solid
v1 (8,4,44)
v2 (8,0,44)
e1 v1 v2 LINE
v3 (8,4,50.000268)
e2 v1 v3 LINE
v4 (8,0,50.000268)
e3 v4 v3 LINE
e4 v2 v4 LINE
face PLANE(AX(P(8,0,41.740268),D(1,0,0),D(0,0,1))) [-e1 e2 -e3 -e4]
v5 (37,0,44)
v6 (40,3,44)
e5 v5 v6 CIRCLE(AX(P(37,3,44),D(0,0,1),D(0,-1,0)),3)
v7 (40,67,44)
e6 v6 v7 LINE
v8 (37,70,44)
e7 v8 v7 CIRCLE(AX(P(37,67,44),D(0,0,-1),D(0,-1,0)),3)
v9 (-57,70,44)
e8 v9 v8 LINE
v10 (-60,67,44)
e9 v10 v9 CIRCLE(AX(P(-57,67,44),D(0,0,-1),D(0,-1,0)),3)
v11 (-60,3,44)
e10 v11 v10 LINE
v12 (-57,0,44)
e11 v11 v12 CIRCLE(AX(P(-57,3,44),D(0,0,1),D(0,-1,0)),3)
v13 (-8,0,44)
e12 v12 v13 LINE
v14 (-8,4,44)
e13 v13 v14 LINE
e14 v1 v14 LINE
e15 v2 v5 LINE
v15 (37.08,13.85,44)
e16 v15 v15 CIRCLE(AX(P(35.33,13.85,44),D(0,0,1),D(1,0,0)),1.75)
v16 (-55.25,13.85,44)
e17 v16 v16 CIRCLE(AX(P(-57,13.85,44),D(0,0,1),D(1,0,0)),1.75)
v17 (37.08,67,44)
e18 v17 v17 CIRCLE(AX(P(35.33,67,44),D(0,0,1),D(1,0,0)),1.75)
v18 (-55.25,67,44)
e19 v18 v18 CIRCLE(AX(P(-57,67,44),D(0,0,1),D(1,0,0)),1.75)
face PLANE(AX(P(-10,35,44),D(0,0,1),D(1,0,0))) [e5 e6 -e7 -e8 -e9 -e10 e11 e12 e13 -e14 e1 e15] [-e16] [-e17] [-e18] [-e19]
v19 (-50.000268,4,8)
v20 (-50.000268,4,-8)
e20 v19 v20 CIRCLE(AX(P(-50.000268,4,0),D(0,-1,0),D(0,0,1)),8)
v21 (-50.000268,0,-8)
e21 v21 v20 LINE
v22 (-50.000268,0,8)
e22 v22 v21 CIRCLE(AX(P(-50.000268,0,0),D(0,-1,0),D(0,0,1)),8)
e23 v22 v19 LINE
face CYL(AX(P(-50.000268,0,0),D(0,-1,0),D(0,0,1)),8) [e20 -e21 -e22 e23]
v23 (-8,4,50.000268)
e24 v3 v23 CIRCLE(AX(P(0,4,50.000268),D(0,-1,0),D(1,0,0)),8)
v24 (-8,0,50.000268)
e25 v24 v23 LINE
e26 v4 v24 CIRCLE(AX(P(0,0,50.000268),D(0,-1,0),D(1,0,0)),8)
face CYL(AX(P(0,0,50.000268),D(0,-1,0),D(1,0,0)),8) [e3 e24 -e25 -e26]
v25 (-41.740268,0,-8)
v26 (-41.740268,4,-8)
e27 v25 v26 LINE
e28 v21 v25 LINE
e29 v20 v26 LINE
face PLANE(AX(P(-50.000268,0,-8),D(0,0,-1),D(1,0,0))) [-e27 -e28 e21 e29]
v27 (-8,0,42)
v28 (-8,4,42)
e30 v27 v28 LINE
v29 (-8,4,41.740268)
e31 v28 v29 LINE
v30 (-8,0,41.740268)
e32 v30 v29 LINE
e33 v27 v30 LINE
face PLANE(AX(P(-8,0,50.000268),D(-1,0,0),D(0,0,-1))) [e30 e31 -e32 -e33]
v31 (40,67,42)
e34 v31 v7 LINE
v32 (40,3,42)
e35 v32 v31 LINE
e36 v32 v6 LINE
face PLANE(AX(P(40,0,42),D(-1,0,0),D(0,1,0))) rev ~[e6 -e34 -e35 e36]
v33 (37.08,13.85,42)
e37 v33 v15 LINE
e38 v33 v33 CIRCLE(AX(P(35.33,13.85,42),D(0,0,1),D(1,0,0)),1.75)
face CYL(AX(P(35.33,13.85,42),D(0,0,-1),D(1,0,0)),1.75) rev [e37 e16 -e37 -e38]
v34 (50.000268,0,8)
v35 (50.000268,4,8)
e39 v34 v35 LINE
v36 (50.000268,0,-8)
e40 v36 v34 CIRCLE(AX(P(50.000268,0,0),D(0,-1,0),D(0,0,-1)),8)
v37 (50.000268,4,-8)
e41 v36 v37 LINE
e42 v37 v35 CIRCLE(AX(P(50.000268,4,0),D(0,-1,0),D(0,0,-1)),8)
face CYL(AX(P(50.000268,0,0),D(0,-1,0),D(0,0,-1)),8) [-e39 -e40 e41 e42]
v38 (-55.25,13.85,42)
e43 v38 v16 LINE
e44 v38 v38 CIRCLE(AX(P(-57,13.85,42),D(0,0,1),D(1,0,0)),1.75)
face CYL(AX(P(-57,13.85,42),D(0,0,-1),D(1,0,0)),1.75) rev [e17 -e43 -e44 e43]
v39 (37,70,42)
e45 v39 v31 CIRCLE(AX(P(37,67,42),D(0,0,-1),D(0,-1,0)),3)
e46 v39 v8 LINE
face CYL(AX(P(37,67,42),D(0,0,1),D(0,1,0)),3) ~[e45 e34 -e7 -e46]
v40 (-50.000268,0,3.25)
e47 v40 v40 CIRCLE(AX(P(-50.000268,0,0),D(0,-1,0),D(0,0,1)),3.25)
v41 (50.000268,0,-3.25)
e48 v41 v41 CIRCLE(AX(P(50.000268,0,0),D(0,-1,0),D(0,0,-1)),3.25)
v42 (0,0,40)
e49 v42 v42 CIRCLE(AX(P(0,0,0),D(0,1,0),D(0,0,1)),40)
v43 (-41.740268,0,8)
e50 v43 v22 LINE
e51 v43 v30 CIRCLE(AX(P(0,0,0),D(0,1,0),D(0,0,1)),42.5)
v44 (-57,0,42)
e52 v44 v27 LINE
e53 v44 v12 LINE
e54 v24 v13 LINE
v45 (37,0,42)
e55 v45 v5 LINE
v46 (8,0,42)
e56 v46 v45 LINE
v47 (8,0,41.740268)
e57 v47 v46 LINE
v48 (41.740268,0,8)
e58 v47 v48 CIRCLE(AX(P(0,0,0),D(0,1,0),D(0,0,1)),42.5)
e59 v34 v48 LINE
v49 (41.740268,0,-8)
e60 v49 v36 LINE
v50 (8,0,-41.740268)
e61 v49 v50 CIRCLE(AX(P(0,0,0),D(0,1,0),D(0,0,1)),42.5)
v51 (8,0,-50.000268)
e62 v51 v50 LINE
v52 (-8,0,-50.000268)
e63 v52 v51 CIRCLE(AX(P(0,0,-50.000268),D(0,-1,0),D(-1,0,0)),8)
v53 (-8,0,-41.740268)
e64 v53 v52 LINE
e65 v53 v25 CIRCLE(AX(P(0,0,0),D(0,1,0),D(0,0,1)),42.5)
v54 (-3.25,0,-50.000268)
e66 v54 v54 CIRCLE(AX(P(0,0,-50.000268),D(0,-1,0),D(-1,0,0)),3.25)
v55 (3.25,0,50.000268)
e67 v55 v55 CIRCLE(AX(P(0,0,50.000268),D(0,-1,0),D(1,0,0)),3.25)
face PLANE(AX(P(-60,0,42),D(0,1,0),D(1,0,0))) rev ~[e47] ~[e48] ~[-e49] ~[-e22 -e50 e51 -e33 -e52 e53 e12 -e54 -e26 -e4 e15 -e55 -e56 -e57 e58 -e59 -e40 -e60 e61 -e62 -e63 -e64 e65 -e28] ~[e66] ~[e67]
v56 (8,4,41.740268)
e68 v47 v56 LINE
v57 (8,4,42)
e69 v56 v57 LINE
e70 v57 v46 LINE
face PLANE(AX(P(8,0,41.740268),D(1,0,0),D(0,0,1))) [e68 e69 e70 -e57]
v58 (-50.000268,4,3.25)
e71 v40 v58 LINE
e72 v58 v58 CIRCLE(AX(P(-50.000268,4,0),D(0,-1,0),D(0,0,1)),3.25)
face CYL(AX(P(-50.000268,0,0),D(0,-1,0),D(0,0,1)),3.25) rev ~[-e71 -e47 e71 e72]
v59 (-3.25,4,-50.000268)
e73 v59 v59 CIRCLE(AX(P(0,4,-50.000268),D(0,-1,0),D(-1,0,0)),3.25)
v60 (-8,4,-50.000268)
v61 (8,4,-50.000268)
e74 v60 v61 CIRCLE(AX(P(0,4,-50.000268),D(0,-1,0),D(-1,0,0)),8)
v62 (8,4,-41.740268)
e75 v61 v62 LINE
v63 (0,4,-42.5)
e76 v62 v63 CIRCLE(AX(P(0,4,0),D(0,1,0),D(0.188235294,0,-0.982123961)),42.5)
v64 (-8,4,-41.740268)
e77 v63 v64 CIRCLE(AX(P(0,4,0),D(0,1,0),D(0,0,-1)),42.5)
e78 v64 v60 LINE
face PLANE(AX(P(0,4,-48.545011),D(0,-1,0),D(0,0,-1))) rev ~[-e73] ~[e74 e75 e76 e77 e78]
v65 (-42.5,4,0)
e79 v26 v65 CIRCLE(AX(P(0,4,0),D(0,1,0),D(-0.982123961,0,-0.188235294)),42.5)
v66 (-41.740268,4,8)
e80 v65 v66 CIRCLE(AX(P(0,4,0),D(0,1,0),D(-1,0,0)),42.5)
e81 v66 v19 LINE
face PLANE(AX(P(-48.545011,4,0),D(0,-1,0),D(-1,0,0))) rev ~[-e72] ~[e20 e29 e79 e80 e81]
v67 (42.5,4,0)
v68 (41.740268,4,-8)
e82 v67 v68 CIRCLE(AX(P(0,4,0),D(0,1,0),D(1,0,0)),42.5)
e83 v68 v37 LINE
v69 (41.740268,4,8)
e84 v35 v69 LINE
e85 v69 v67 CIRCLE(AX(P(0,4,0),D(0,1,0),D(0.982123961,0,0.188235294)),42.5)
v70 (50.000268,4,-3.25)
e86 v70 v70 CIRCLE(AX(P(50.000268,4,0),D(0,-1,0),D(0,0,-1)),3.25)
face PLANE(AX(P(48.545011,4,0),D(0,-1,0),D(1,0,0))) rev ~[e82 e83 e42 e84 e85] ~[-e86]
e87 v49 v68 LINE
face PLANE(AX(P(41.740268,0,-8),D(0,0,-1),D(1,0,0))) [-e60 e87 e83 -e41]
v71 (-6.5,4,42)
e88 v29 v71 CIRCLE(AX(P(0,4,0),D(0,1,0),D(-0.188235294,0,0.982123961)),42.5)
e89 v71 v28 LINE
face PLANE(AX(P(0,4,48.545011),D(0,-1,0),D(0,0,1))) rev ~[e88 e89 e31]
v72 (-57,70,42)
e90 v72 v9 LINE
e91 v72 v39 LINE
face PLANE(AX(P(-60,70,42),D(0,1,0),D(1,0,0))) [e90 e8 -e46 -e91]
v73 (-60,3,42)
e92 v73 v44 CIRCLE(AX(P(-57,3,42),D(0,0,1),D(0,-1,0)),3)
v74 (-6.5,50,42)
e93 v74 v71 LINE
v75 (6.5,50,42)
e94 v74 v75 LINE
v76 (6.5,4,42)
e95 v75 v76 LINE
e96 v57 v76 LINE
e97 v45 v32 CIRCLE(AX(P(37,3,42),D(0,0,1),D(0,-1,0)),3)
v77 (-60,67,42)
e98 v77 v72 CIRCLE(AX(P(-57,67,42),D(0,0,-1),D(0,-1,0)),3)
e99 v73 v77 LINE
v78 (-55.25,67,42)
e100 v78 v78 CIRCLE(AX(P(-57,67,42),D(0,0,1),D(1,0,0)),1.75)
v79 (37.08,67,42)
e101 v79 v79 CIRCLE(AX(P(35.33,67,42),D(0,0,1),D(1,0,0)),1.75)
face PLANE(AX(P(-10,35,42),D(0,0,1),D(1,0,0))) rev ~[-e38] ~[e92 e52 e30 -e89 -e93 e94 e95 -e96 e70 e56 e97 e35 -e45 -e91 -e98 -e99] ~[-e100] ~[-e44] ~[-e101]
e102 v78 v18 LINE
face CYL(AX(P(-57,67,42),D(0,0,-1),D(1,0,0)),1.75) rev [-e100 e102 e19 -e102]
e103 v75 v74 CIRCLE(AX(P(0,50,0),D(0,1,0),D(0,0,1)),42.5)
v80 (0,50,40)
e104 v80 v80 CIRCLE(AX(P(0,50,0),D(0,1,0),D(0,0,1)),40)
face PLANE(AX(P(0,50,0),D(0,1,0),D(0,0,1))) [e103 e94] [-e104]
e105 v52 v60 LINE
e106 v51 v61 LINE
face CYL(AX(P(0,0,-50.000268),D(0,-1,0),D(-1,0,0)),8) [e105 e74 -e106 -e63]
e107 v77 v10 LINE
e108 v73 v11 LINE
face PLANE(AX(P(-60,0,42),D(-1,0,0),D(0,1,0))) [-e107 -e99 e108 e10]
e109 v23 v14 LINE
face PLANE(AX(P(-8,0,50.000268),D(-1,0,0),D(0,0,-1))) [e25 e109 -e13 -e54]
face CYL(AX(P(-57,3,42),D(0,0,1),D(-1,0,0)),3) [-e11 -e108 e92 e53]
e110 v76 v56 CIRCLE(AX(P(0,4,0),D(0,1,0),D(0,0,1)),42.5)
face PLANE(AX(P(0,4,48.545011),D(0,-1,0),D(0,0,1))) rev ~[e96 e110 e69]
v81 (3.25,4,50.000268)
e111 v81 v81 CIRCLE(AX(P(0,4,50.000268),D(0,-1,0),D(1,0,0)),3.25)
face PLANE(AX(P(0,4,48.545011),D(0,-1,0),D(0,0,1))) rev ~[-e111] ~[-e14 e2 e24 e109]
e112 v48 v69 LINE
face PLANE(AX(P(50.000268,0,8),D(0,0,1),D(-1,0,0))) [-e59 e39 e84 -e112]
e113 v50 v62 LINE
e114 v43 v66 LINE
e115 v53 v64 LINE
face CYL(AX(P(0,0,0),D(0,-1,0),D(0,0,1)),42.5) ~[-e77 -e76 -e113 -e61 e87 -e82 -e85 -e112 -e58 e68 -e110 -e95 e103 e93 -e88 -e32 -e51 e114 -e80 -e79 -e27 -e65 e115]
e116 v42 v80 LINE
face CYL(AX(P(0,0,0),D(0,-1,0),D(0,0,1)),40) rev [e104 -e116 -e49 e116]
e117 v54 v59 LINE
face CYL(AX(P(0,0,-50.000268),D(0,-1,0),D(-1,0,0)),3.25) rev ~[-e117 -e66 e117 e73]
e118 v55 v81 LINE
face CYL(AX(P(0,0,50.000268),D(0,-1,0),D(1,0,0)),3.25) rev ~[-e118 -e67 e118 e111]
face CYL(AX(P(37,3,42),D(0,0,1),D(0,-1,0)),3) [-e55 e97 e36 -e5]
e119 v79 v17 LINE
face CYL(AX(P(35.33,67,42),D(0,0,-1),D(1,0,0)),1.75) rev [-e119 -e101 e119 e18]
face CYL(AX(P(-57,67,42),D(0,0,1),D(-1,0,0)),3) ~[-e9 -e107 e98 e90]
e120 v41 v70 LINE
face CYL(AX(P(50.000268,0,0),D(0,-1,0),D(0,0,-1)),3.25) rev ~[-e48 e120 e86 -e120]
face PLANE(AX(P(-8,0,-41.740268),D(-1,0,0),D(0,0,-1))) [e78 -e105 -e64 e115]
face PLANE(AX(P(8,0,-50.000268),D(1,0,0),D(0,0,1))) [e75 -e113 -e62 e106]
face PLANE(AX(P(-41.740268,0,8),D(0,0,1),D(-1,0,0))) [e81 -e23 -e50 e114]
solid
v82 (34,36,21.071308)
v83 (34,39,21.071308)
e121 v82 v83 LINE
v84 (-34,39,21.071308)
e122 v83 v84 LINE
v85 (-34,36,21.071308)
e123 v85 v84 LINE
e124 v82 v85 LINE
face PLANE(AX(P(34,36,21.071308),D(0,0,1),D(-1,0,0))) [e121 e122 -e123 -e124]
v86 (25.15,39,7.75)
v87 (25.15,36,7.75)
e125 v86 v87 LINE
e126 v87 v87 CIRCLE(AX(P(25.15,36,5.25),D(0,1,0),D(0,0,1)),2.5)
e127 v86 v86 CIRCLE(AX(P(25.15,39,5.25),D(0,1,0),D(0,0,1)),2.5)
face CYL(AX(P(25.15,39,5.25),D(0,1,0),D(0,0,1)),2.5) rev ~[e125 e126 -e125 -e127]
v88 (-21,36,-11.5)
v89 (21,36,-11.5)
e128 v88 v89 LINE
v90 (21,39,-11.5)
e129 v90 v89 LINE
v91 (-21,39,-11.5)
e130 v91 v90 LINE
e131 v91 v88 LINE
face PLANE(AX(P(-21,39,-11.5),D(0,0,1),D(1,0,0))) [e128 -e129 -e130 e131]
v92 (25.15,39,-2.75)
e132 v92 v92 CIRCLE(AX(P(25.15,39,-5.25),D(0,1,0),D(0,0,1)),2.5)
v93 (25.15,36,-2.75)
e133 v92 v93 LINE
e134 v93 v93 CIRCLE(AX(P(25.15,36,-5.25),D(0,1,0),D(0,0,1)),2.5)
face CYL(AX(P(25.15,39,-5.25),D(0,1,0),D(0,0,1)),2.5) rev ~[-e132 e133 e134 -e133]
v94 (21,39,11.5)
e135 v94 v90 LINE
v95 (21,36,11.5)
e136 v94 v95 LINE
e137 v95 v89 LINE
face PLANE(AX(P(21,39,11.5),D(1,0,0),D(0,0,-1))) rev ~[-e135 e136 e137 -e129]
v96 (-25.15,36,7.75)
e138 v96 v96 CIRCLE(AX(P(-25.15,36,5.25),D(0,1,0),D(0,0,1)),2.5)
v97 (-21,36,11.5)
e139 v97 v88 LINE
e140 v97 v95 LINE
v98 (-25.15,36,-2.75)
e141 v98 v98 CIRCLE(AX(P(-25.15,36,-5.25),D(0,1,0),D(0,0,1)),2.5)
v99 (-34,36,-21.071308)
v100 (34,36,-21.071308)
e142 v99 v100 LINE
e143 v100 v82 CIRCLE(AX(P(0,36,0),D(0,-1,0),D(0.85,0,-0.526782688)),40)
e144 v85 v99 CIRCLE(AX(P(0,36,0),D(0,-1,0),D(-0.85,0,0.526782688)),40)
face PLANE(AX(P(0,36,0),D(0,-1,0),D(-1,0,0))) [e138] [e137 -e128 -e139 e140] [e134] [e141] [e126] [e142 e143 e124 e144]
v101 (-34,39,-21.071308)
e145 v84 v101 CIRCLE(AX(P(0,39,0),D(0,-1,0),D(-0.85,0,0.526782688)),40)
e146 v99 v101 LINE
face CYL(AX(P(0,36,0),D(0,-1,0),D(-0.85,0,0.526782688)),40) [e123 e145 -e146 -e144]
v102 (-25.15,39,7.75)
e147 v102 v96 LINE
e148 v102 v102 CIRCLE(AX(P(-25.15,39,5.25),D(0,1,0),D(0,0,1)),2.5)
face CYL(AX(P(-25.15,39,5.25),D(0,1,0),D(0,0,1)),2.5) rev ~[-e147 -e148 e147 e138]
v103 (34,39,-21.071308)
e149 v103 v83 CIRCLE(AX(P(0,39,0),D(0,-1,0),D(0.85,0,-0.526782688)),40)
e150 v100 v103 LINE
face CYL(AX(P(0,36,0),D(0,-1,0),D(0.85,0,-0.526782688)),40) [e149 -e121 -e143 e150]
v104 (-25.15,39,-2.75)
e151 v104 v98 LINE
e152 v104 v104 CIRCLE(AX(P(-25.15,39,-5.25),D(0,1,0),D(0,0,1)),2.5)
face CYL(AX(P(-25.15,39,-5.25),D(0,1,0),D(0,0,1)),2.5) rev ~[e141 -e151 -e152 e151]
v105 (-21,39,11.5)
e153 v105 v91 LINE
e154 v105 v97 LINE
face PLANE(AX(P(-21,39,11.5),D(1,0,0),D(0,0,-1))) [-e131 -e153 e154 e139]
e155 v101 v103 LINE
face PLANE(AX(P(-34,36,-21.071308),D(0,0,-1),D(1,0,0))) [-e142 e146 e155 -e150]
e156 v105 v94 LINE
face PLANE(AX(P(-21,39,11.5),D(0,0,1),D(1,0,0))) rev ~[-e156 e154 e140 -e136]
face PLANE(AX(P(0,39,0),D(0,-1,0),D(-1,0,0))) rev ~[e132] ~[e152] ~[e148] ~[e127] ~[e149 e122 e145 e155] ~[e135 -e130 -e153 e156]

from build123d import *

# Parameters (mm, degrees)
SKETCH1_R           = 42.5
SKETCH1_R_2         = 40
BOSS_EXTRUDE1_DEPTH = 50
SKETCH2_R           = 3.25
BOSS_EXTRUDE2_DEPTH = 4
CIRPATTERN1_COUNT   = 4
BOSS_EXTRUDE3_DEPTH = 3
SKETCH3_R           = 2.5
SKETCH3_W           = 42
SKETCH3_H           = 23
CUT_EXTRUDE1_DEPTH  = 3
BOSS_EXTRUDE4_START = 42
SKETCH5_W           = 100
SKETCH5_H           = 70
SKETCH5_R           = 1.75
BOSS_EXTRUDE4_DEPTH = 2
FILLET1_R           = 3


with BuildPart() as part:
    # Sketch1 → Boss-Extrude1 (new body)
    with BuildSketch(Plane(origin=(0, 0, 0), x_dir=(1, 0, 0), z_dir=(0, 1, 0))):
        with Locations(Location((0, 0, 0), (0, 0, 270))):
            Circle(SKETCH1_R)
        with Locations(Location((0, 0, 0), (0, 0, 270))):
            Circle(SKETCH1_R_2, mode=Mode.SUBTRACT)
    extrude(amount=BOSS_EXTRUDE1_DEPTH)

    # Sketch2 → Boss-Extrude2 (add)
    with BuildSketch(Plane.XZ):
        with BuildLine():
            Line((50.000268327, 8), (41.740268327, 8))
            ThreePointArc((41.740268327, 8), (42.309640768, 4.017996771), (42.5, 0))
            ThreePointArc((42.5, 0), (42.309640768, -4.017996771), (41.740268327, -8))
            Line((41.740268327, -8), (50.000268327, -8))
            ThreePointArc((50.000268327, -8), (58.000268327, 0), (50.000268327, 8))
        make_face()
        with Locations(Location((50.000268327, 0, 0), (0, 0, 270))):
            Circle(SKETCH2_R, mode=Mode.SUBTRACT)
    boss_extrude2 = extrude(amount=-BOSS_EXTRUDE2_DEPTH)

    # CirPattern1: Boss-Extrude2 ×4 about axis
    cirpattern1_axis = Axis((0, 0, 0), (0, 1, 0))
    for i in range(1, CIRPATTERN1_COUNT):
        add(boss_extrude2.rotate(cirpattern1_axis, i * 360 / CIRPATTERN1_COUNT))

    # Sketch5 → Boss-Extrude4 (add)
    with BuildSketch(Plane.XY.offset(BOSS_EXTRUDE4_START)):
        with Locations((-10, 35)):
            Rectangle(SKETCH5_W, SKETCH5_H)
        with Locations((-57, 67)):
            Circle(SKETCH5_R, mode=Mode.SUBTRACT)
        with Locations((35.33, 67)):
            Circle(SKETCH5_R, mode=Mode.SUBTRACT)
        with Locations((-57, 13.85)):
            Circle(SKETCH5_R, mode=Mode.SUBTRACT)
        with Locations((35.33, 13.85)):
            Circle(SKETCH5_R, mode=Mode.SUBTRACT)
    extrude(amount=BOSS_EXTRUDE4_DEPTH)

    # Fillet1
    fillet1_edges = [part.edges().sort_by_distance(p)[0] for p in [
        (-60, 0, 43),
        (-60, 70, 43),
        (40, 0, 43),
        (40, 70, 43),
    ]]
    fillet(fillet1_edges, radius=FILLET1_R)


with BuildPart() as body_2:
    # Sketch4 → Boss-Extrude3 (new body)
    with BuildSketch(Plane(origin=(0, 36, 0), x_dir=(1, 0, 0), z_dir=(0, 1, 0))):
        with BuildLine():
            Line((34, -21.071307506), (-34, -21.071307506))
            ThreePointArc((-34, -21.071307506), (-40, 0), (-34, 21.071307506))
            Line((-34, 21.071307506), (34, 21.071307506))
            ThreePointArc((34, 21.071307506), (40, 0), (34, -21.071307506))
        make_face()
    extrude(amount=BOSS_EXTRUDE3_DEPTH)

    # Sketch3 → Cut-Extrude1 (cut)
    with BuildSketch(Plane(origin=(0, 39, 0), x_dir=(1, 0, 0), z_dir=(0, 1, 0))):
        with Locations(Location((25.15, 5.25, 0), (0, 0, 270))):
            Circle(SKETCH3_R)
        with Locations(Location((25.15, -5.25, 0), (0, 0, 270))):
            Circle(SKETCH3_R)
        with Locations(Location((-25.15, -5.25, 0), (0, 0, 270))):
            Circle(SKETCH3_R)
        with Locations(Location((-25.15, 5.25, 0), (0, 0, 270))):
            Circle(SKETCH3_R)
        Rectangle(SKETCH3_W, SKETCH3_H)
    extrude(amount=-CUT_EXTRUDE1_DEPTH, mode=Mode.SUBTRACT)


solid = Compound([part.part, body_2.part])
